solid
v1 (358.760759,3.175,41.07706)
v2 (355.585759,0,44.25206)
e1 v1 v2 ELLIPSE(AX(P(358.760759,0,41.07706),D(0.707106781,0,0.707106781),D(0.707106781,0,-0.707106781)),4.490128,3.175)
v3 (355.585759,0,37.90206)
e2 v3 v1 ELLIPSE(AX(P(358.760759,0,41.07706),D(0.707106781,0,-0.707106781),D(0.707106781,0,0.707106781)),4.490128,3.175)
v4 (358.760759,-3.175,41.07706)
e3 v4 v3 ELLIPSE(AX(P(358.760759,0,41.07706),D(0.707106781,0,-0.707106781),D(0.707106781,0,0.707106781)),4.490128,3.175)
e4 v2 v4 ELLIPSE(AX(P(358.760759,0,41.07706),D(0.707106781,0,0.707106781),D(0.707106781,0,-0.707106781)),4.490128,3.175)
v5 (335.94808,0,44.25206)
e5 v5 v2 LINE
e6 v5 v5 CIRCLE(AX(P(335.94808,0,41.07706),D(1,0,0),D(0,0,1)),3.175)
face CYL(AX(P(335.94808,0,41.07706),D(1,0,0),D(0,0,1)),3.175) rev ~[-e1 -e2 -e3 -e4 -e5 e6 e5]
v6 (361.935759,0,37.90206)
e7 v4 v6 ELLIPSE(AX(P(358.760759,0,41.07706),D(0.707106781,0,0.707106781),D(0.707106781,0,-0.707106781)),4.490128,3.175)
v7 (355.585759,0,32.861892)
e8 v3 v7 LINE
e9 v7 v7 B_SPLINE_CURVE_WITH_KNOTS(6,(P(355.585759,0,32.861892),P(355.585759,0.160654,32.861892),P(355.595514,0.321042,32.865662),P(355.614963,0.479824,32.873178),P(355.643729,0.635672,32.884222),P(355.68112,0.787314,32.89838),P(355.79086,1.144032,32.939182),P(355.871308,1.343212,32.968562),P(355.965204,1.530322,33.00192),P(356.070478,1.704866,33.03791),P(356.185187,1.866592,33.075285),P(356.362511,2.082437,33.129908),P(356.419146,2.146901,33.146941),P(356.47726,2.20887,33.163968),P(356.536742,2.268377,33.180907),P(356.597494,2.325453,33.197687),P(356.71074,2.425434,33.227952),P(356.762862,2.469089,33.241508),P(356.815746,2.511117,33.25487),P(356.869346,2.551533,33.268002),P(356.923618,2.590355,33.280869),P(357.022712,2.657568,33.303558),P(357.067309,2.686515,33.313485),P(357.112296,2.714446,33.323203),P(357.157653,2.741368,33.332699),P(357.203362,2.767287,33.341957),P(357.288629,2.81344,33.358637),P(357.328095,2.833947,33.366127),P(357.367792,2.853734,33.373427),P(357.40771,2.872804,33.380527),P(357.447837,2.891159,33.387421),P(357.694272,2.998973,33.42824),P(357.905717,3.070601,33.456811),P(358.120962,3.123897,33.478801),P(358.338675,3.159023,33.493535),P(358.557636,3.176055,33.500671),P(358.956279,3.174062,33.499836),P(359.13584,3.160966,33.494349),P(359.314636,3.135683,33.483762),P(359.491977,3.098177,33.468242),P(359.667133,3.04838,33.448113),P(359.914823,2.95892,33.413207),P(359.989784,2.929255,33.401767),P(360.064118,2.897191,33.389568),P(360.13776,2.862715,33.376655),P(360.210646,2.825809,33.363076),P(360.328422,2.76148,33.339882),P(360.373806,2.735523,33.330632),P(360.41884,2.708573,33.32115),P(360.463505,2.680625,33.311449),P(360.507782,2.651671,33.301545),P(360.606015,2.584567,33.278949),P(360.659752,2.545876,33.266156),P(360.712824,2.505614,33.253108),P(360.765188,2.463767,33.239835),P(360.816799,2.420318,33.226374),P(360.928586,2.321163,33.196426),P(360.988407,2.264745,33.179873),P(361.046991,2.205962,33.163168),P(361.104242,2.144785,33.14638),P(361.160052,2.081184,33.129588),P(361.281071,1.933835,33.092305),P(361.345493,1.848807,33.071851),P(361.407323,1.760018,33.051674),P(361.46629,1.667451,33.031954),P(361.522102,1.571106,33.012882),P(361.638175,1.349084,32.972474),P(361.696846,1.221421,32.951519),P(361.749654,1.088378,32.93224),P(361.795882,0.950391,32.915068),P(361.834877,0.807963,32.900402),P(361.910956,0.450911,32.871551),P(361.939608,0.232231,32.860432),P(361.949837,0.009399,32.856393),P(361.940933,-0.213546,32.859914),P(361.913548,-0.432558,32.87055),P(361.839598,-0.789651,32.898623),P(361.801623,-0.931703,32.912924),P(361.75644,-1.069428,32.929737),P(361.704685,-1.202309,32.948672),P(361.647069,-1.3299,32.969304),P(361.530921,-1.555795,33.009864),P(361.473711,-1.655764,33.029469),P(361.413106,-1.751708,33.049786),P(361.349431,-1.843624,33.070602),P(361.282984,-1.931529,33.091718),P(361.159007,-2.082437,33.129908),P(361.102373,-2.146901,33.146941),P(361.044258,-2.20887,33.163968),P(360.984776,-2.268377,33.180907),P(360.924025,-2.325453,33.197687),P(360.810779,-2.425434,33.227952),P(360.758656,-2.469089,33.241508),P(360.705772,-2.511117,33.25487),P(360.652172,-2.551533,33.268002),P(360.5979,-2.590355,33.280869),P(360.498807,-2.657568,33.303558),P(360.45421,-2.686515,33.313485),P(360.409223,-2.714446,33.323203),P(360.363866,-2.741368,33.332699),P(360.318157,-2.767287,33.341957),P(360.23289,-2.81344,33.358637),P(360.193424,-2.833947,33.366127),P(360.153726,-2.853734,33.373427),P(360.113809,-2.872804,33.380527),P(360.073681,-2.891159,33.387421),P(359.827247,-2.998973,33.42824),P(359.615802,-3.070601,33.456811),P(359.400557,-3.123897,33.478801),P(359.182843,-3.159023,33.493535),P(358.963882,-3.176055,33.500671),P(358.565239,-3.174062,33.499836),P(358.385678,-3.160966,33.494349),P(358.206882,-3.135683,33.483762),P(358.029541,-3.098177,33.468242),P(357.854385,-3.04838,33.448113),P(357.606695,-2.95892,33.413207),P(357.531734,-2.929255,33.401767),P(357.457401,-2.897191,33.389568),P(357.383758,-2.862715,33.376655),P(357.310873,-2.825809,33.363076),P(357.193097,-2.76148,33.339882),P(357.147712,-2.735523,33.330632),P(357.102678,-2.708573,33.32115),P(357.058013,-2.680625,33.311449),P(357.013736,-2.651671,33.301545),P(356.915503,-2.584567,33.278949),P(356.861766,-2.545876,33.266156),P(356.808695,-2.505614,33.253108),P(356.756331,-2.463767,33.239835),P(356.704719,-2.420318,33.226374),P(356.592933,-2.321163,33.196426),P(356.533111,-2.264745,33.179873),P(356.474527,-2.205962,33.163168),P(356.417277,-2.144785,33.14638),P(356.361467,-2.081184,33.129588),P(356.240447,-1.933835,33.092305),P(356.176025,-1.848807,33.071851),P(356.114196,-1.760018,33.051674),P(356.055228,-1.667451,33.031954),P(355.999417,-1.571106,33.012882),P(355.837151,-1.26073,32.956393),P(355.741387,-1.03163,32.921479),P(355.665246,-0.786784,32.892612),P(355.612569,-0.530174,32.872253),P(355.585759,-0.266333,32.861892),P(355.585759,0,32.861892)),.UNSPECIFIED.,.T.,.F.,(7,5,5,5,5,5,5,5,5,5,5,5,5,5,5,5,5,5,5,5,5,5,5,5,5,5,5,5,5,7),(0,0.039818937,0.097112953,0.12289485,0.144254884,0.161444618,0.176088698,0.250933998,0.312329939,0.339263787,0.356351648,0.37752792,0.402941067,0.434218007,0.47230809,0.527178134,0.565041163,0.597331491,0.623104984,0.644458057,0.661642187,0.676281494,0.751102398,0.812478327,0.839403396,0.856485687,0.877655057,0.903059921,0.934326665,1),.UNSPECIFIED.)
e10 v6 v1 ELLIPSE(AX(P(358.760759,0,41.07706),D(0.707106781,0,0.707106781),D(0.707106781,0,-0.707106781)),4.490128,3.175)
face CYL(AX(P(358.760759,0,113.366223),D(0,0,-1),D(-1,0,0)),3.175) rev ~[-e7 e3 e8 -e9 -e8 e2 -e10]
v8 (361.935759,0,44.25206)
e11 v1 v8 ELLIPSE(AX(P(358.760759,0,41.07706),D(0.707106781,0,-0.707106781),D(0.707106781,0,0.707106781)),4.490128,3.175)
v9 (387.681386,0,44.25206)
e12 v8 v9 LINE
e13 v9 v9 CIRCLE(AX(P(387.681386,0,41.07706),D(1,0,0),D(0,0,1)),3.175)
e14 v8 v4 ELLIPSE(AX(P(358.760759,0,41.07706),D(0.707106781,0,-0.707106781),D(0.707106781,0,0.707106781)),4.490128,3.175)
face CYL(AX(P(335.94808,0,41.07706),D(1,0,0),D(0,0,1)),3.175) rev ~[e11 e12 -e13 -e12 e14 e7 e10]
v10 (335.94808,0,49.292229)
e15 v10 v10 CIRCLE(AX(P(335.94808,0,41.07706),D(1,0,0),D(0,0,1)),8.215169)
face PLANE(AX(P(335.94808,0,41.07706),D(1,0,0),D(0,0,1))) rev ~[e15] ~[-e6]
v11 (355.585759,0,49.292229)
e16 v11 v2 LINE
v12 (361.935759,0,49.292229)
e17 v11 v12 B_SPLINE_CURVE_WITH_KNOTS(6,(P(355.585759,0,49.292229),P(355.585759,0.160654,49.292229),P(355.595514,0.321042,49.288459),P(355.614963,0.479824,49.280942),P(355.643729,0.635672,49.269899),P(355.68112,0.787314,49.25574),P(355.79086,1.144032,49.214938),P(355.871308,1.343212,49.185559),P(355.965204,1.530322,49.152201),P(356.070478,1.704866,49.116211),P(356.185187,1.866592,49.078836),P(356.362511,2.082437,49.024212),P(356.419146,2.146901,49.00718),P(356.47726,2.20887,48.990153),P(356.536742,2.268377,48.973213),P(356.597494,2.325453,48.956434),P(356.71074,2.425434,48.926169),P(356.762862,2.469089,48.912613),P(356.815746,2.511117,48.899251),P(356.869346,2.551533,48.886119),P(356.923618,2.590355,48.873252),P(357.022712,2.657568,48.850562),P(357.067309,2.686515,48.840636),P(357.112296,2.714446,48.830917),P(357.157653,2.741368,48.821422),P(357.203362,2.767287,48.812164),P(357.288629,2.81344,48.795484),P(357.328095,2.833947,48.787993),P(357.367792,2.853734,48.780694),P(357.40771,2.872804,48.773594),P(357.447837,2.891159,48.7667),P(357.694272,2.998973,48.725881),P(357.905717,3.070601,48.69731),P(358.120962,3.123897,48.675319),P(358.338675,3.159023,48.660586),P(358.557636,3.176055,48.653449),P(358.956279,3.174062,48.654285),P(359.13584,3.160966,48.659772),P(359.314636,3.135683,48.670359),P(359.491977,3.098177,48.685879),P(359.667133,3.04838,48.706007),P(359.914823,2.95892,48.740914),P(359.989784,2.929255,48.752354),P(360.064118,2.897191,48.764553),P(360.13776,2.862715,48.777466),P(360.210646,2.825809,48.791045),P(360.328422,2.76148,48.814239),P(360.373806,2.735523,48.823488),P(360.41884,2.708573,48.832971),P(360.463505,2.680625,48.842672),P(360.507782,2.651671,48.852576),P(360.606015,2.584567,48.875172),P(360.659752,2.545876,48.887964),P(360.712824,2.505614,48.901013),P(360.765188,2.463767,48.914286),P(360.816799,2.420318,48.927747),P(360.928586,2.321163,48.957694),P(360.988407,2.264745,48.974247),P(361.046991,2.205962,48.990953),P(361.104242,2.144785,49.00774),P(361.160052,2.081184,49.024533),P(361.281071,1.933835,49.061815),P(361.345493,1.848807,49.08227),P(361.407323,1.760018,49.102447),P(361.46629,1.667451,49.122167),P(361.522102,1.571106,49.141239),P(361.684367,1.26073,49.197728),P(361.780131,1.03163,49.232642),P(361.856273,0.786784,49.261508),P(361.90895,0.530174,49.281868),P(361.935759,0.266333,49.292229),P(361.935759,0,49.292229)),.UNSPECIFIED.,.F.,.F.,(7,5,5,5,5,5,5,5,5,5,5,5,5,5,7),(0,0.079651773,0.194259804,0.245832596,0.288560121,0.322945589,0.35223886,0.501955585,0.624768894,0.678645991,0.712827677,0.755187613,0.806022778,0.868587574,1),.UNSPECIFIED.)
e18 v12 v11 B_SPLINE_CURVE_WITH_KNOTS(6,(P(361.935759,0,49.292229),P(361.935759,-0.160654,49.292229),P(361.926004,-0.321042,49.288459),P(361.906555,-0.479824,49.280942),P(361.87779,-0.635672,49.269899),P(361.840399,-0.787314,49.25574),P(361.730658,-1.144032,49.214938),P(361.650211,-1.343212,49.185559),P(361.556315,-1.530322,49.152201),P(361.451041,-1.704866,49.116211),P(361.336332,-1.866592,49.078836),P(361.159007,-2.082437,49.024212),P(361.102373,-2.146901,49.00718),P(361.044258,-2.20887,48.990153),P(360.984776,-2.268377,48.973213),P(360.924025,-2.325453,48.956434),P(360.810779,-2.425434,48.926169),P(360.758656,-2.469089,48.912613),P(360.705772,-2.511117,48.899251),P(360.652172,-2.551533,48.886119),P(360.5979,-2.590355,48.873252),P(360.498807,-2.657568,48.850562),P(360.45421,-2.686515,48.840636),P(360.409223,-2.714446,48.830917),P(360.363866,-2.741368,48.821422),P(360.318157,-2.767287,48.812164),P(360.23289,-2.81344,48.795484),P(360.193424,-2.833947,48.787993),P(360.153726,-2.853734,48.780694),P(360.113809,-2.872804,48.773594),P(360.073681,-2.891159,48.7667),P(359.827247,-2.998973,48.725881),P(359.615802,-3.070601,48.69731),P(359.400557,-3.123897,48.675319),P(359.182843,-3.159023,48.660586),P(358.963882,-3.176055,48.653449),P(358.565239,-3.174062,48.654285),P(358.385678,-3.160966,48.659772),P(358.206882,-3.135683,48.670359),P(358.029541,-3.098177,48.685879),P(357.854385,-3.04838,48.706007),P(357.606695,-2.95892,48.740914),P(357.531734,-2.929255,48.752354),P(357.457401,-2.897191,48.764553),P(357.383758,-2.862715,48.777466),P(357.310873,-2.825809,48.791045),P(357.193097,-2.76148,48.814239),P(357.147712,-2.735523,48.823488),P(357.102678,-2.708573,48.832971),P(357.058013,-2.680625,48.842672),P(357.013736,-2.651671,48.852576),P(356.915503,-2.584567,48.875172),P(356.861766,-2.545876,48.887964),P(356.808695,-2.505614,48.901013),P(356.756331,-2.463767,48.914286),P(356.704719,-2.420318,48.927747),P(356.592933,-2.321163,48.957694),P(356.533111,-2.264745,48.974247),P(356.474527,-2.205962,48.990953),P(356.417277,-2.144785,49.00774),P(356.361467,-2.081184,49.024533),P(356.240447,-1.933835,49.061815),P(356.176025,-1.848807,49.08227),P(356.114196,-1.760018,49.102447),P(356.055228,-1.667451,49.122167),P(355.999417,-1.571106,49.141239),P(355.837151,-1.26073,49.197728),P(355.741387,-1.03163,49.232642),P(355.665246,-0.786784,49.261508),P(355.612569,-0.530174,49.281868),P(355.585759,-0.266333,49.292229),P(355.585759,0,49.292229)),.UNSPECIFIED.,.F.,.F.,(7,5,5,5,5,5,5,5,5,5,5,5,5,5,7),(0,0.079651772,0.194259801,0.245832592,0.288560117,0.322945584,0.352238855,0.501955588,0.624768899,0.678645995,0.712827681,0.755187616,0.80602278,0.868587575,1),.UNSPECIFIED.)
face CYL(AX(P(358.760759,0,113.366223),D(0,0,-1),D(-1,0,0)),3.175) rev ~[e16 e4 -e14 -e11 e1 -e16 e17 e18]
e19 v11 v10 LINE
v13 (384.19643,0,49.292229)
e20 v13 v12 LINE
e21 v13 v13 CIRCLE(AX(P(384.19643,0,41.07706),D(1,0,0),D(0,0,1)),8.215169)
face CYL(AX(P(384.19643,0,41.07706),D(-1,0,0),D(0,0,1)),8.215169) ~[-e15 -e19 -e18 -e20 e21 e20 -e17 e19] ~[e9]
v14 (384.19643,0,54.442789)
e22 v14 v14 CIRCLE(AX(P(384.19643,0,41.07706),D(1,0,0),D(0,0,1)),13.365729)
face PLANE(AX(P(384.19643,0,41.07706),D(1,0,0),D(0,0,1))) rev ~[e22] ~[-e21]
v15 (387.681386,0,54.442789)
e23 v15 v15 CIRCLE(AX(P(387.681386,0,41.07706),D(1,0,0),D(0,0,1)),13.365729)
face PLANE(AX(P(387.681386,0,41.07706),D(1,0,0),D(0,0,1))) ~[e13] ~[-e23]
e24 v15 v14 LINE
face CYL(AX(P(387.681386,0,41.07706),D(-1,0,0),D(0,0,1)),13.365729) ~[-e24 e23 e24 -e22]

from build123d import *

# Parameters (mm, degrees)
F4_D = 6.35


with BuildPart() as f1:
    # F0 (on Front) → F1 (revolve)
    with BuildSketch(Plane.XZ):
        Polygon((335.9480798244, 44.2520603538), (387.6813861015, 44.2520603538), (387.6813861015, 54.4427894056), (384.1964304447, 54.4427894056), (384.1964304447, 49.292229116), (361.4340424538, 49.292229116), (358.7607592344, 49.292229116), (356.0874760151, 49.292229116), (335.9480798244, 49.292229116), align=None)
    revolve(axis=Axis((367.2038912773, 0, 41.0770603538), (1, 0, 0)))

    # F4 (through all)
    with Locations(Plane.XY.offset(49.292229116)):
        with Locations((358.7607592344, 0)):
            Hole(F4_D / 2)


solid = f1.part
